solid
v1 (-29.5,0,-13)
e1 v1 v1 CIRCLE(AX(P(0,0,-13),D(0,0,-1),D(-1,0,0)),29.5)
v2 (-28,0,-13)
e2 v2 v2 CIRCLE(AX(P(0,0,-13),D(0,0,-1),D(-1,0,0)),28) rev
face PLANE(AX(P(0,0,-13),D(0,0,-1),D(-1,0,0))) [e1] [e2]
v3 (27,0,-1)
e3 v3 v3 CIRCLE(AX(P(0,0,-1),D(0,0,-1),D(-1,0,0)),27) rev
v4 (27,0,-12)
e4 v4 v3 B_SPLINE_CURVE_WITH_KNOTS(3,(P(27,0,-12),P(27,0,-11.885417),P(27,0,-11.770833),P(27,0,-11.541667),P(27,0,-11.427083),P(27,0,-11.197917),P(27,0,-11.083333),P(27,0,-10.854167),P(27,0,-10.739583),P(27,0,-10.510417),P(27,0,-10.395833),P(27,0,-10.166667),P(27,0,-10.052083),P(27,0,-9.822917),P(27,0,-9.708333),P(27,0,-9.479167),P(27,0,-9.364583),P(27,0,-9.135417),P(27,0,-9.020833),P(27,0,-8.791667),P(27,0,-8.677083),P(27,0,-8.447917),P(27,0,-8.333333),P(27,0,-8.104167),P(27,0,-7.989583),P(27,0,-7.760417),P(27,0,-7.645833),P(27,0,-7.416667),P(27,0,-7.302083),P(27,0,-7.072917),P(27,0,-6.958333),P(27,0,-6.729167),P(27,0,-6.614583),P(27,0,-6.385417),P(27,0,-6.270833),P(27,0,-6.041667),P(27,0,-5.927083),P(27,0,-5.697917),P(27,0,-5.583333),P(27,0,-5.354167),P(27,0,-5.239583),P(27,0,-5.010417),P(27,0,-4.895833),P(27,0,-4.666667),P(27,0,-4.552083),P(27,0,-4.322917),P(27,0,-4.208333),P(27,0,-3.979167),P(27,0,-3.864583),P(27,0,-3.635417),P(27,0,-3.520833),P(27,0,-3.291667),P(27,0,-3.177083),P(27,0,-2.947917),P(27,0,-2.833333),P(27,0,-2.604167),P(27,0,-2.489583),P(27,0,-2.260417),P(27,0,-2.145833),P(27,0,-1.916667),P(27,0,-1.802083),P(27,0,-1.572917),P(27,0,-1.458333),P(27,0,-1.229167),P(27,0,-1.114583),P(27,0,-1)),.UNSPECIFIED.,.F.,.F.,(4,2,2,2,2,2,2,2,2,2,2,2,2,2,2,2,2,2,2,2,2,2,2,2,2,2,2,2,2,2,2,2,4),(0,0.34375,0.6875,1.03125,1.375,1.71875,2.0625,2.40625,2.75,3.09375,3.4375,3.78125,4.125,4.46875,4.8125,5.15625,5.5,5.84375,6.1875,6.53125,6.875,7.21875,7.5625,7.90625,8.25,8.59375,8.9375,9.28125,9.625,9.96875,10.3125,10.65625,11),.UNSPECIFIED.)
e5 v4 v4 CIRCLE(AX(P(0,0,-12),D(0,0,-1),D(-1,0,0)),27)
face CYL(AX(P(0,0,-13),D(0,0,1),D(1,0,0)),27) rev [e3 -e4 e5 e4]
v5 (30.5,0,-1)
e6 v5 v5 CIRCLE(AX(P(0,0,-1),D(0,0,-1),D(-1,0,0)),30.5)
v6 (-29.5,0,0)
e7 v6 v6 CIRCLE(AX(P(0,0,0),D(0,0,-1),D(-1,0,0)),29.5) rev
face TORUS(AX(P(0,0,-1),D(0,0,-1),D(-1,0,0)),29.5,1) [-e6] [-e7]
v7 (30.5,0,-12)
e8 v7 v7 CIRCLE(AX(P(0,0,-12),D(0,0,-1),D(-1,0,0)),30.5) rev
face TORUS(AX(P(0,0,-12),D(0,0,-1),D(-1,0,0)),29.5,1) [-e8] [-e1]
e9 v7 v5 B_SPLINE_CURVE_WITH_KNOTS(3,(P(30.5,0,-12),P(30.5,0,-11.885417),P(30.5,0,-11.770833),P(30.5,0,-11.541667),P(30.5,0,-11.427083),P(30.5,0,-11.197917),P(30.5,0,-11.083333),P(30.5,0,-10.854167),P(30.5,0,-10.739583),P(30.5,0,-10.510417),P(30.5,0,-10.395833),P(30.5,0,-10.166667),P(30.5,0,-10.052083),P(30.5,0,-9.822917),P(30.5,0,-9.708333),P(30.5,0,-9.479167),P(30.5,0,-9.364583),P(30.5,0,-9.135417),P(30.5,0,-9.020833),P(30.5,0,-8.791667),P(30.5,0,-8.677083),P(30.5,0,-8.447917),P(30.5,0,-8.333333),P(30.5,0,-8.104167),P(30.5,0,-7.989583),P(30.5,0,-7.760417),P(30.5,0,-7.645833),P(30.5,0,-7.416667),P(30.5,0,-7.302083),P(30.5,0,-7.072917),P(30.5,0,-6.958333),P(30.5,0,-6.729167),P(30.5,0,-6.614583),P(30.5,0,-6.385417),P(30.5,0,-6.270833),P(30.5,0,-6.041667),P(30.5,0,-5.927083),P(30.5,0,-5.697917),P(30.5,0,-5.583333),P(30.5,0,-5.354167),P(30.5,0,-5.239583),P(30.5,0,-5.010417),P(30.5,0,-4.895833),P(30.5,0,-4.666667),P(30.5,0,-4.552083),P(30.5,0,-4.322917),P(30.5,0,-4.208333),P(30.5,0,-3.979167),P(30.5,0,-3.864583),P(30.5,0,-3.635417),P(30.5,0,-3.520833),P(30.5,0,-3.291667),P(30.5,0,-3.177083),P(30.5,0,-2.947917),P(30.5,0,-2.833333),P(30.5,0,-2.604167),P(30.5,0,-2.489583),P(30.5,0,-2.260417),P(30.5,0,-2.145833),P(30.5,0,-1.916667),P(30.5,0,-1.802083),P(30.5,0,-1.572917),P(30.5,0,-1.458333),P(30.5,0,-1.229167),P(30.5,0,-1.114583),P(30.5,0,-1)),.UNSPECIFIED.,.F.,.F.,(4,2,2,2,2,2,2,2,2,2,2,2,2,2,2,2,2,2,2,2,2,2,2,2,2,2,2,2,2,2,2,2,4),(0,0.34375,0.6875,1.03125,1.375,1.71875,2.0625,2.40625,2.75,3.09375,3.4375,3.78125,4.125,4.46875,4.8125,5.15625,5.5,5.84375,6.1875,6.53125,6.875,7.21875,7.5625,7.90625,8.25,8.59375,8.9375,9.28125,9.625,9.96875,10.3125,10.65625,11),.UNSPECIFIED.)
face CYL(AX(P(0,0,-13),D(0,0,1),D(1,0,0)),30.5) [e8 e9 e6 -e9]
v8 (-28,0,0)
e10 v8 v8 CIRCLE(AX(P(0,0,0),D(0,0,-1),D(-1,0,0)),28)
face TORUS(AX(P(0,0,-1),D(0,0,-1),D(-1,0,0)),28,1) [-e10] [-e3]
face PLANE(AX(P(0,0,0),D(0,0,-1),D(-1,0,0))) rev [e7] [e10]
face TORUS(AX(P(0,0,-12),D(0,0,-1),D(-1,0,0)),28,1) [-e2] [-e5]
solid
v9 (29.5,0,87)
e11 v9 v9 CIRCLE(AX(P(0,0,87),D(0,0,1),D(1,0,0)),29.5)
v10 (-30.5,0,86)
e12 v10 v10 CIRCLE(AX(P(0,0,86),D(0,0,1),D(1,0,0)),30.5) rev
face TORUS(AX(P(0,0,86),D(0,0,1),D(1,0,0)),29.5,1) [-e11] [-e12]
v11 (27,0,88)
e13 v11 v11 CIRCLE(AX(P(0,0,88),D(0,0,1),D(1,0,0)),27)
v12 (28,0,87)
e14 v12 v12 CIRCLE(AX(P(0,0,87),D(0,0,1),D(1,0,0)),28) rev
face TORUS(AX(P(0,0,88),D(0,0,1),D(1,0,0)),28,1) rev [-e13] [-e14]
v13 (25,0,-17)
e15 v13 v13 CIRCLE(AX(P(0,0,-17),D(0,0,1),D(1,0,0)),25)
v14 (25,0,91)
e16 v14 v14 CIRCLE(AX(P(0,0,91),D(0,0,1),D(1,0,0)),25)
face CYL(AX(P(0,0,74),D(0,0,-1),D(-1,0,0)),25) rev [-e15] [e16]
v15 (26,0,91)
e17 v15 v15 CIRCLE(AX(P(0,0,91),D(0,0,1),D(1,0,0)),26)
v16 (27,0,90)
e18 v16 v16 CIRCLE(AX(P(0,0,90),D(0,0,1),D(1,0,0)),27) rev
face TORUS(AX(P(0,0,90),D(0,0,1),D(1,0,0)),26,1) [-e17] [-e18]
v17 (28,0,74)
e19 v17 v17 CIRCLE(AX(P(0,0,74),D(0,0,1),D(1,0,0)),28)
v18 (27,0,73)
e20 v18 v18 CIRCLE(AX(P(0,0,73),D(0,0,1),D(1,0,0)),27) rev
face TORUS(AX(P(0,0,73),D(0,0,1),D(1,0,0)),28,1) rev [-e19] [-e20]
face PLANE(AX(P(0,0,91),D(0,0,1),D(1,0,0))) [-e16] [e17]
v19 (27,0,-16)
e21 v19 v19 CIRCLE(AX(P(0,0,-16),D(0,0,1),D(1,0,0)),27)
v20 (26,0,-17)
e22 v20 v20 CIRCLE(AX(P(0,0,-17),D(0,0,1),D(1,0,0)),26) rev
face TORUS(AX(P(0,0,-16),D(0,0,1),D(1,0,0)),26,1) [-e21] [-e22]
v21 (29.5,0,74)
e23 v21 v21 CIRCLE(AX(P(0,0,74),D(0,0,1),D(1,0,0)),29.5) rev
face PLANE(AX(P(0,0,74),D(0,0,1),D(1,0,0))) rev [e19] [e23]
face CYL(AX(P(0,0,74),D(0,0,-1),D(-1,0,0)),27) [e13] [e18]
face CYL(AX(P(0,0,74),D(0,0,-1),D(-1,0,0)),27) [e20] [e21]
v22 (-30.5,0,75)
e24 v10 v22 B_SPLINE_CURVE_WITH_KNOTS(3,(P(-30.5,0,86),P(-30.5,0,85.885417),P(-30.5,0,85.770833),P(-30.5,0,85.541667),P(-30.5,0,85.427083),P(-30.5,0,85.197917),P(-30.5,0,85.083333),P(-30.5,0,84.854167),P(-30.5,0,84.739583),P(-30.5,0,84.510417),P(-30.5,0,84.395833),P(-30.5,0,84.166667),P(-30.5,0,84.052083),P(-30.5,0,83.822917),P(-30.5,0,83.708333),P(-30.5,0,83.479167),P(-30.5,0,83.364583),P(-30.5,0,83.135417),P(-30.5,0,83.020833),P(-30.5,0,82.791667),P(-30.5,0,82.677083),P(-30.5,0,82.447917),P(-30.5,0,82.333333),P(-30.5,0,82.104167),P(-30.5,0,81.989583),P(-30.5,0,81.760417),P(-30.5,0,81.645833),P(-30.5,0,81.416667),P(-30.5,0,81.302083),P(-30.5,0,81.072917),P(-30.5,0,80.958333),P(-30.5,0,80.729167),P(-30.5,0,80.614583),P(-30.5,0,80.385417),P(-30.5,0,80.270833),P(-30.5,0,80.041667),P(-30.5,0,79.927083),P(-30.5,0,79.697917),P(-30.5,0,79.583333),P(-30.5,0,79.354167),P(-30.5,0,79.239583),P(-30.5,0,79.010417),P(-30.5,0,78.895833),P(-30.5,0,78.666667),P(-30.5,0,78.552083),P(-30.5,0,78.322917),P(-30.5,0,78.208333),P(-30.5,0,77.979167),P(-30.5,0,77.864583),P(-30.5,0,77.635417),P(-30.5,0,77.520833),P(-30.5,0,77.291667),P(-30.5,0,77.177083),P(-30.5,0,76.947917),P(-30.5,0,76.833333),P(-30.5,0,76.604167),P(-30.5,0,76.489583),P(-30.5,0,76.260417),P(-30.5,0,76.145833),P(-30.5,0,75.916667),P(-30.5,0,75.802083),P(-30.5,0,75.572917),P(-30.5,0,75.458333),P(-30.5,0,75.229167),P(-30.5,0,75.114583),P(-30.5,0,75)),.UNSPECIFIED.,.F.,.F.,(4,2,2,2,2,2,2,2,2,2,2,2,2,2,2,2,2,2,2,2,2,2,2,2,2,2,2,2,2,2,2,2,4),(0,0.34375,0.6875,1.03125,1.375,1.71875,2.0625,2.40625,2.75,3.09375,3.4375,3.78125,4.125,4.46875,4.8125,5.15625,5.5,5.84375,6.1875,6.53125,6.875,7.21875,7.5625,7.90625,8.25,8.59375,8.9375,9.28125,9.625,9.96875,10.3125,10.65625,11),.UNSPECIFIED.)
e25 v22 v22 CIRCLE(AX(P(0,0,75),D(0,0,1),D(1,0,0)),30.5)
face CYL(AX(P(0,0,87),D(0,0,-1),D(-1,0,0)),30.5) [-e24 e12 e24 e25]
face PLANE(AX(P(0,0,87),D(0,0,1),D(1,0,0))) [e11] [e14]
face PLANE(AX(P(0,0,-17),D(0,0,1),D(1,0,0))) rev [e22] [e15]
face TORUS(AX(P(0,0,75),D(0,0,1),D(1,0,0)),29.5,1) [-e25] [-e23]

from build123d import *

# Parameters (mm, degrees)
SKETCH_1_R           = 27
SKETCH_1_R_2         = 25
EXTRUDE_1_DEPTH      = 74
SKETCH_2_R           = 30.5
SKETCH_2_R_2         = 27
EXTRUDE_2_DEPTH      = 13
SKETCH_3_R           = 30.5
SKETCH_3_R_2         = 27
EXTRUDE_3_DEPTH      = 13
EXTRUDE_4_DEPTH      = 17
EXTRUDE_4_DEPTH_BACK = 91
SKETCH_4_R           = 27
SKETCH_4_R_2         = 25
FILLET_1_R           = 1
FILLET_2_R           = 1
FILLET_3_R           = 1


with BuildPart() as part:
    # Эскиз1 → Бобышка-Вытянуть1 (new body)
    with BuildSketch(Plane.XY):
        Circle(SKETCH_1_R)
        Circle(SKETCH_1_R_2, mode=Mode.SUBTRACT)
    extrude(amount=EXTRUDE_1_DEPTH)



with BuildPart() as body_2:
    # Эскиз2 → Бобышка-Вытянуть2 (new body)
    with BuildSketch(Plane(origin=(0, 0, 0), x_dir=(-1, 0, 0), z_dir=(0, 0, -1))):
        with Locations(Location((0, 0, 0), (0, 0, 180))):
            Circle(SKETCH_2_R)
        with Locations(Location((0, 0, 0), (0, 0, 180))):
            Circle(SKETCH_2_R_2, mode=Mode.SUBTRACT)
    extrude(amount=EXTRUDE_2_DEPTH)

    # Скругление1
    fillet_1_edges = [body_2.edges().sort_by_distance(p)[0] for p in [
        (-30.5, 0, 0),
        (-30.5, 0, -13),
        (-27, 0, 0),
        (-27, 0, -13),
    ]]
    fillet(fillet_1_edges, radius=FILLET_1_R)


with BuildPart() as body_3:
    # Эскиз3 → Бобышка-Вытянуть3 (new body)
    with BuildSketch(Plane.XY.offset(74)):
        Circle(SKETCH_3_R)
        Circle(SKETCH_3_R_2, mode=Mode.SUBTRACT)
    extrude(amount=EXTRUDE_3_DEPTH)


with BuildPart() as part_1:
    add(part.part)

    add(body_3.part)  # Бобышка-Вытянуть4 merges body 3
    # Эскиз4 → Бобышка-Вытянуть4 (add, two sides: drawn at the far end of the back side and taken through both)
    with BuildSketch(Plane.XY.offset(74).offset(-EXTRUDE_4_DEPTH_BACK)):
        Circle(SKETCH_4_R)
        Circle(SKETCH_4_R_2, mode=Mode.SUBTRACT)
    extrude(amount=EXTRUDE_4_DEPTH + EXTRUDE_4_DEPTH_BACK)

    # Скругление2
    fillet_2_edges = [part_1.edges().sort_by_distance(p)[0] for p in [
        (-27, 0, 74),
        (-30.5, 0, 87),
        (-30.5, 0, 74),
        (-27, 0, 87),
    ]]
    fillet(fillet_2_edges, radius=FILLET_2_R)

    # Скругление3
    fillet_3_edges = [part_1.edges().sort_by_distance(p)[0] for p in [
        (-27, 0, -17),
        (-27, 0, 91),
    ]]
    fillet(fillet_3_edges, radius=FILLET_3_R)


solid = Compound([body_2.part, part_1.part])
